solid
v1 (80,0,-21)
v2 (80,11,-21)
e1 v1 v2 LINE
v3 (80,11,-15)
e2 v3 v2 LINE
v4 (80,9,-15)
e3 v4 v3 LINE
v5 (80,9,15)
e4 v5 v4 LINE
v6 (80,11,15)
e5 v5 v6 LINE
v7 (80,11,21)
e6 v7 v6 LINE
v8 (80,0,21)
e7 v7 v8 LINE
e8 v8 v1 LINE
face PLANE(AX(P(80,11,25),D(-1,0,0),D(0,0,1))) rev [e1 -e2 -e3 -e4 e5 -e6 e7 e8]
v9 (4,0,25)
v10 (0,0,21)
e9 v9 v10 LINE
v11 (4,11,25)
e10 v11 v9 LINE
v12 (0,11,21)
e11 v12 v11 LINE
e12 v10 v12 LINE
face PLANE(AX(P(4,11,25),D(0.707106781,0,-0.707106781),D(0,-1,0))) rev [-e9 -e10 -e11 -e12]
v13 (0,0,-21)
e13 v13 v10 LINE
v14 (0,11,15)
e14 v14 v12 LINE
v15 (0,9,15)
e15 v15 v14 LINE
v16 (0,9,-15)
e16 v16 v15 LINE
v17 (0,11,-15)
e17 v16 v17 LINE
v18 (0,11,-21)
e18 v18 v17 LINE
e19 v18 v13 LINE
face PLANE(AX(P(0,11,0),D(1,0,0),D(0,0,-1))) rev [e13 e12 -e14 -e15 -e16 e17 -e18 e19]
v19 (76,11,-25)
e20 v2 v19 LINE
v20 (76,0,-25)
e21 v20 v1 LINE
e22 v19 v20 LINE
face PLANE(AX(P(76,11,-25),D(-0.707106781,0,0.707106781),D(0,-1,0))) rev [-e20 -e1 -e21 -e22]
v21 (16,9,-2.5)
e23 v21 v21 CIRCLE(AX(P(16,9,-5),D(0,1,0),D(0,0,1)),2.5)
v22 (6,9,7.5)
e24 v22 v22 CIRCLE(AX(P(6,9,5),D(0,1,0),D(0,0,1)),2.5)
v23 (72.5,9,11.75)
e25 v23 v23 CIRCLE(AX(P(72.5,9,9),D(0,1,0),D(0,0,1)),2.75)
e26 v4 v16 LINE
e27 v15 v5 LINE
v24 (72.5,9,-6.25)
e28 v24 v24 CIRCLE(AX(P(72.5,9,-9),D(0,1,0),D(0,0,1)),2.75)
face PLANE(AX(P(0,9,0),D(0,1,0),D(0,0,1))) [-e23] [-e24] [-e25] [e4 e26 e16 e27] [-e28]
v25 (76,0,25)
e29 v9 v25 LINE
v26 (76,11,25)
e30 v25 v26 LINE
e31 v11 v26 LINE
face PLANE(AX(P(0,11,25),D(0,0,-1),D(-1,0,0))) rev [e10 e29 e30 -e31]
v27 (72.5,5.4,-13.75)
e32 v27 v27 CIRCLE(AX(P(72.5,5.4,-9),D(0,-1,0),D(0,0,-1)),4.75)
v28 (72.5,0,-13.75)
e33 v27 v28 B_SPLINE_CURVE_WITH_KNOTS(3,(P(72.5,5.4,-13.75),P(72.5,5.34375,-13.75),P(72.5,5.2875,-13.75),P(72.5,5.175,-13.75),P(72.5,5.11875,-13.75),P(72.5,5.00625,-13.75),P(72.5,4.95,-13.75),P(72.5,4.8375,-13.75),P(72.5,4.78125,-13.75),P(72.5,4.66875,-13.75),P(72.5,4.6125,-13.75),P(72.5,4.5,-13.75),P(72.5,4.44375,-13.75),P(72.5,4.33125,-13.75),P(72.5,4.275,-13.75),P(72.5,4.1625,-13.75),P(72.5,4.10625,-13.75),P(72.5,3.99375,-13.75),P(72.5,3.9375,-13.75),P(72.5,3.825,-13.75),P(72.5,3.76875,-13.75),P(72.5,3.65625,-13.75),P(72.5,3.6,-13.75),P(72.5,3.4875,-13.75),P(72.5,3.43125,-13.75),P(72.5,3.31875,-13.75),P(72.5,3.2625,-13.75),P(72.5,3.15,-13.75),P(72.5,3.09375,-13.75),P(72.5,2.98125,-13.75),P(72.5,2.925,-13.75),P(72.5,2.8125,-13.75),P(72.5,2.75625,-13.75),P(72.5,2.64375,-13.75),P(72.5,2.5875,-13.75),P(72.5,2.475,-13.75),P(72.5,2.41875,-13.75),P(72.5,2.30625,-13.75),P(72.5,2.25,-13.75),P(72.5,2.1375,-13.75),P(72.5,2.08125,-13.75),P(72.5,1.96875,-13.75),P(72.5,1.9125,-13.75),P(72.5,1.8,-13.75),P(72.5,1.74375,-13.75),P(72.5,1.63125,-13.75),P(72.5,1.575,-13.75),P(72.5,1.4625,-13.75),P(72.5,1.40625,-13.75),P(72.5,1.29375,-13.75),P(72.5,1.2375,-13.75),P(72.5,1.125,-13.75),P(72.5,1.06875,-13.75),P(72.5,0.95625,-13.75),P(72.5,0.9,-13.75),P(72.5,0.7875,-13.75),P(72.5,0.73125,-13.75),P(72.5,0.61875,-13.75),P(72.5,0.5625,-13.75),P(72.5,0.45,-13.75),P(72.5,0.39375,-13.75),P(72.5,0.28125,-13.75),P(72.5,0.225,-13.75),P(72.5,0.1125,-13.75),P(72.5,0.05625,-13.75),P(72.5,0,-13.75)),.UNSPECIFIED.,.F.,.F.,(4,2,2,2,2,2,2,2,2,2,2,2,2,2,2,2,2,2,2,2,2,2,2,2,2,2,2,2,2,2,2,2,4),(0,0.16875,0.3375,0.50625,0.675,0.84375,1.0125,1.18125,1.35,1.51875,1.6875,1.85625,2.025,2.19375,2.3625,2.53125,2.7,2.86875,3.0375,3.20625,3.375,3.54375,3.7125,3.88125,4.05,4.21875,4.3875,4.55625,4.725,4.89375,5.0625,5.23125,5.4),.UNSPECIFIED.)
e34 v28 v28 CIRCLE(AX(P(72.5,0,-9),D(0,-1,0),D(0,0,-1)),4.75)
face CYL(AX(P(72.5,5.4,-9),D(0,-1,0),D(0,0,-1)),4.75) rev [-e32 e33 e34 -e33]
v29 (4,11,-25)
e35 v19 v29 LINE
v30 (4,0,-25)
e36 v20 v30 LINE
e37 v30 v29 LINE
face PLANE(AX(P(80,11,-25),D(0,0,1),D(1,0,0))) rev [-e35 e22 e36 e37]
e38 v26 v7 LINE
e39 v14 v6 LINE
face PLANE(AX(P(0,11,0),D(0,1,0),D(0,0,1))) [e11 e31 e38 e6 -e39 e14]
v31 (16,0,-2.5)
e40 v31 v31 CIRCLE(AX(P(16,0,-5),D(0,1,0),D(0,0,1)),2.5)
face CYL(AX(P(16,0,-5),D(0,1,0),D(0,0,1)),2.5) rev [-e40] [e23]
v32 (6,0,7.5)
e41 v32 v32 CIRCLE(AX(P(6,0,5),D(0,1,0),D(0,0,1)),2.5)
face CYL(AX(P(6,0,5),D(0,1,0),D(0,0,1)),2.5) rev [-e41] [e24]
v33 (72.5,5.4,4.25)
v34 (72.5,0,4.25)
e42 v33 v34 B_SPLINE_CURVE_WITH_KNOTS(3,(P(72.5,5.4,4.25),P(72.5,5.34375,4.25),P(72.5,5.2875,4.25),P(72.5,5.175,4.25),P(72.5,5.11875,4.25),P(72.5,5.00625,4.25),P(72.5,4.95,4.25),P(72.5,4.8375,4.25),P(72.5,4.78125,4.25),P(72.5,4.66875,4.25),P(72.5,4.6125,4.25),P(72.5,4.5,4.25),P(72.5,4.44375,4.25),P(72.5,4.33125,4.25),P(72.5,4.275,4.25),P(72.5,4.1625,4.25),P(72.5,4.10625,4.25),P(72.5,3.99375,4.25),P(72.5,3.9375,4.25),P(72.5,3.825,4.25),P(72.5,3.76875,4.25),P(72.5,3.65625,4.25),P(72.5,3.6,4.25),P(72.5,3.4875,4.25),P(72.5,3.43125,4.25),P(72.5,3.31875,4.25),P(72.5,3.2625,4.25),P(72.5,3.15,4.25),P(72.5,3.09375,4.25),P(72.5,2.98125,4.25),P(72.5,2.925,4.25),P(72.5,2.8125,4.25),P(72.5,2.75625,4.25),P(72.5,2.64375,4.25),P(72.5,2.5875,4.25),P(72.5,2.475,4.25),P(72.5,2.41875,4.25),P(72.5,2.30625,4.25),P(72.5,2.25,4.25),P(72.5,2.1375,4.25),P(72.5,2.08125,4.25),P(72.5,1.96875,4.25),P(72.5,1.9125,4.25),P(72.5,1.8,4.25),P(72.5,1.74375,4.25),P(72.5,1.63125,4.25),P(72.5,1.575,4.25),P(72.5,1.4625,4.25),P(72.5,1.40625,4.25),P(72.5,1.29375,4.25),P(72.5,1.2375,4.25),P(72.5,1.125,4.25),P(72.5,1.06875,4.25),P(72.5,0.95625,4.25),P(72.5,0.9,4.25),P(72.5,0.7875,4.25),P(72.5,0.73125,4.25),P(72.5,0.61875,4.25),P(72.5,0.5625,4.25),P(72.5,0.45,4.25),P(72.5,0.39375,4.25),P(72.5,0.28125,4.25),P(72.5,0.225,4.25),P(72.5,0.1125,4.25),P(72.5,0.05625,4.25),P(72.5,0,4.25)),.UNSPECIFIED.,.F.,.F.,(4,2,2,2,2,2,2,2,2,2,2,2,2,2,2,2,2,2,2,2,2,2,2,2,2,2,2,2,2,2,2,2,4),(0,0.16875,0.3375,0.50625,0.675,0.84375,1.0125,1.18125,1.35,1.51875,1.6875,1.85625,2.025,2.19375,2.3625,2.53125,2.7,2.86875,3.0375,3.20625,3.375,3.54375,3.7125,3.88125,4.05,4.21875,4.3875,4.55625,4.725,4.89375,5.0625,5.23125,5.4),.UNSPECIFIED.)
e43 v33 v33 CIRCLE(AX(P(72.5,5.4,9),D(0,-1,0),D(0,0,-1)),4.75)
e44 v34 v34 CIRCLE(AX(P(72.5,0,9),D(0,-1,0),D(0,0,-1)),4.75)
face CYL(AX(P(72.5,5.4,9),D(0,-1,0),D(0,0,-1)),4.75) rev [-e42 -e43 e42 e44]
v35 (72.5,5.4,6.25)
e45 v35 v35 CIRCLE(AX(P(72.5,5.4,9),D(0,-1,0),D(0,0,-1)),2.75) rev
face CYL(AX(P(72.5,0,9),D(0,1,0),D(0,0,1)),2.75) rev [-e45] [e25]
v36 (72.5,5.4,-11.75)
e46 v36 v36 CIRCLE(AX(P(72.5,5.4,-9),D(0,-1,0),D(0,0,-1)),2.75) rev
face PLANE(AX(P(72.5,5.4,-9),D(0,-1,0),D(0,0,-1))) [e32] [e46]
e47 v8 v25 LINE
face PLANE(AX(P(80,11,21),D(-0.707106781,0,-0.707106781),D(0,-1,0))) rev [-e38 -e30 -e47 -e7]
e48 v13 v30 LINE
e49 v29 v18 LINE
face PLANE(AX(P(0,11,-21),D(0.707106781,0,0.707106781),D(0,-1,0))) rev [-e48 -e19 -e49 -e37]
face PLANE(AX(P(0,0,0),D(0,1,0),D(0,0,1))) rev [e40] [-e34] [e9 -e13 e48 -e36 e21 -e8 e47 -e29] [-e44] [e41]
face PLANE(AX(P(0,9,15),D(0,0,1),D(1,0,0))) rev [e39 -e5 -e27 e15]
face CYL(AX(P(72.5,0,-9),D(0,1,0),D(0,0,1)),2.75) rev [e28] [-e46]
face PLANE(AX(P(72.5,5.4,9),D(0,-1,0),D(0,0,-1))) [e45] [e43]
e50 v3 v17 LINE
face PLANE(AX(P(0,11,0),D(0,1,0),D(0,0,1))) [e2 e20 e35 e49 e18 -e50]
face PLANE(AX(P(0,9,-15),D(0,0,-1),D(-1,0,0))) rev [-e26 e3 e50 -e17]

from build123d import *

# Parameters (mm, degrees)
RESSALTO_EXTRUS_O1_DEPTH = 11
ESBO_O2_W                = 80
ESBO_O2_H                = 30
CORTE_EXTRUS_O1_DEPTH    = 2
ESBO_O4_R                = 2.5
CORTE_EXTRUS_O2_DEPTH    = 85.297093663
ESBO_O5_R                = 2.75
CORTE_EXTRUS_O3_DEPTH    = 85.297093663
CHANFRO2_SIZE            = 4
ESBO_O7_R                = 4.75
CORTE_EXTRUS_O6_DEPTH    = 5.4


with BuildPart() as part:
    # Esboço1 → Ressalto-extrusão1 (new body)
    with BuildSketch(Plane(origin=(0, 0, 0), x_dir=(1, 0, 0), z_dir=(0, 1, 0))):
        Polygon((0, 0), (0, -25), (80, -25), (80, 25), (0, 25), align=None)
    extrude(amount=RESSALTO_EXTRUS_O1_DEPTH)

    # Esboço2 → Corte-extrusão1 (cut)
    with BuildSketch(Plane(origin=(0, 11, 0), x_dir=(1, 0, 0), z_dir=(0, 1, 0))):
        with Locations((40, 0)):
            Rectangle(ESBO_O2_W, ESBO_O2_H)
    extrude(amount=-CORTE_EXTRUS_O1_DEPTH, mode=Mode.SUBTRACT)

    # Esboço4 → Corte-extrusão2 (cut, through all)
    with BuildSketch(Plane(origin=(0, 9, 0), x_dir=(1, 0, 0), z_dir=(0, 1, 0))):
        with Locations(Location((16, 5, 0), (0, 0, 270))):
            Circle(ESBO_O4_R)
        with Locations(Location((6, -5, 0), (0, 0, 270))):
            Circle(ESBO_O4_R)
    extrude(amount=-CORTE_EXTRUS_O2_DEPTH, mode=Mode.SUBTRACT)

    # Esboço5 → Corte-extrusão3 (cut, through all)
    with BuildSketch(Plane(origin=(0, 9, 0), x_dir=(1, 0, 0), z_dir=(0, 1, 0))):
        with Locations(Location((72.5, 9, 0), (0, 0, 270))):
            Circle(ESBO_O5_R)
        with Locations(Location((72.5, -9, 0), (0, 0, 270))):
            Circle(ESBO_O5_R)
    extrude(amount=-CORTE_EXTRUS_O3_DEPTH, mode=Mode.SUBTRACT)

    # Chanfro2
    chanfro2_edges = [part.edges().sort_by_distance(p)[0] for p in [
        (0, 5.5, -25),
        (80, 5.5, -25),
        (80, 5.5, 25),
        (0, 5.5, 25),
    ]]
    chamfer(chanfro2_edges, length=CHANFRO2_SIZE)

    # Esboço7 → Corte-extrusão6 (cut)
    with BuildSketch(Plane.XZ):
        with Locations(Location((72.5, 9, 0), (0, 0, 270))):
            Circle(ESBO_O7_R)
        with Locations(Location((72.5, -9, 0), (0, 0, 270))):
            Circle(ESBO_O7_R)
    extrude(amount=-CORTE_EXTRUS_O6_DEPTH, mode=Mode.SUBTRACT)


solid = part.part
